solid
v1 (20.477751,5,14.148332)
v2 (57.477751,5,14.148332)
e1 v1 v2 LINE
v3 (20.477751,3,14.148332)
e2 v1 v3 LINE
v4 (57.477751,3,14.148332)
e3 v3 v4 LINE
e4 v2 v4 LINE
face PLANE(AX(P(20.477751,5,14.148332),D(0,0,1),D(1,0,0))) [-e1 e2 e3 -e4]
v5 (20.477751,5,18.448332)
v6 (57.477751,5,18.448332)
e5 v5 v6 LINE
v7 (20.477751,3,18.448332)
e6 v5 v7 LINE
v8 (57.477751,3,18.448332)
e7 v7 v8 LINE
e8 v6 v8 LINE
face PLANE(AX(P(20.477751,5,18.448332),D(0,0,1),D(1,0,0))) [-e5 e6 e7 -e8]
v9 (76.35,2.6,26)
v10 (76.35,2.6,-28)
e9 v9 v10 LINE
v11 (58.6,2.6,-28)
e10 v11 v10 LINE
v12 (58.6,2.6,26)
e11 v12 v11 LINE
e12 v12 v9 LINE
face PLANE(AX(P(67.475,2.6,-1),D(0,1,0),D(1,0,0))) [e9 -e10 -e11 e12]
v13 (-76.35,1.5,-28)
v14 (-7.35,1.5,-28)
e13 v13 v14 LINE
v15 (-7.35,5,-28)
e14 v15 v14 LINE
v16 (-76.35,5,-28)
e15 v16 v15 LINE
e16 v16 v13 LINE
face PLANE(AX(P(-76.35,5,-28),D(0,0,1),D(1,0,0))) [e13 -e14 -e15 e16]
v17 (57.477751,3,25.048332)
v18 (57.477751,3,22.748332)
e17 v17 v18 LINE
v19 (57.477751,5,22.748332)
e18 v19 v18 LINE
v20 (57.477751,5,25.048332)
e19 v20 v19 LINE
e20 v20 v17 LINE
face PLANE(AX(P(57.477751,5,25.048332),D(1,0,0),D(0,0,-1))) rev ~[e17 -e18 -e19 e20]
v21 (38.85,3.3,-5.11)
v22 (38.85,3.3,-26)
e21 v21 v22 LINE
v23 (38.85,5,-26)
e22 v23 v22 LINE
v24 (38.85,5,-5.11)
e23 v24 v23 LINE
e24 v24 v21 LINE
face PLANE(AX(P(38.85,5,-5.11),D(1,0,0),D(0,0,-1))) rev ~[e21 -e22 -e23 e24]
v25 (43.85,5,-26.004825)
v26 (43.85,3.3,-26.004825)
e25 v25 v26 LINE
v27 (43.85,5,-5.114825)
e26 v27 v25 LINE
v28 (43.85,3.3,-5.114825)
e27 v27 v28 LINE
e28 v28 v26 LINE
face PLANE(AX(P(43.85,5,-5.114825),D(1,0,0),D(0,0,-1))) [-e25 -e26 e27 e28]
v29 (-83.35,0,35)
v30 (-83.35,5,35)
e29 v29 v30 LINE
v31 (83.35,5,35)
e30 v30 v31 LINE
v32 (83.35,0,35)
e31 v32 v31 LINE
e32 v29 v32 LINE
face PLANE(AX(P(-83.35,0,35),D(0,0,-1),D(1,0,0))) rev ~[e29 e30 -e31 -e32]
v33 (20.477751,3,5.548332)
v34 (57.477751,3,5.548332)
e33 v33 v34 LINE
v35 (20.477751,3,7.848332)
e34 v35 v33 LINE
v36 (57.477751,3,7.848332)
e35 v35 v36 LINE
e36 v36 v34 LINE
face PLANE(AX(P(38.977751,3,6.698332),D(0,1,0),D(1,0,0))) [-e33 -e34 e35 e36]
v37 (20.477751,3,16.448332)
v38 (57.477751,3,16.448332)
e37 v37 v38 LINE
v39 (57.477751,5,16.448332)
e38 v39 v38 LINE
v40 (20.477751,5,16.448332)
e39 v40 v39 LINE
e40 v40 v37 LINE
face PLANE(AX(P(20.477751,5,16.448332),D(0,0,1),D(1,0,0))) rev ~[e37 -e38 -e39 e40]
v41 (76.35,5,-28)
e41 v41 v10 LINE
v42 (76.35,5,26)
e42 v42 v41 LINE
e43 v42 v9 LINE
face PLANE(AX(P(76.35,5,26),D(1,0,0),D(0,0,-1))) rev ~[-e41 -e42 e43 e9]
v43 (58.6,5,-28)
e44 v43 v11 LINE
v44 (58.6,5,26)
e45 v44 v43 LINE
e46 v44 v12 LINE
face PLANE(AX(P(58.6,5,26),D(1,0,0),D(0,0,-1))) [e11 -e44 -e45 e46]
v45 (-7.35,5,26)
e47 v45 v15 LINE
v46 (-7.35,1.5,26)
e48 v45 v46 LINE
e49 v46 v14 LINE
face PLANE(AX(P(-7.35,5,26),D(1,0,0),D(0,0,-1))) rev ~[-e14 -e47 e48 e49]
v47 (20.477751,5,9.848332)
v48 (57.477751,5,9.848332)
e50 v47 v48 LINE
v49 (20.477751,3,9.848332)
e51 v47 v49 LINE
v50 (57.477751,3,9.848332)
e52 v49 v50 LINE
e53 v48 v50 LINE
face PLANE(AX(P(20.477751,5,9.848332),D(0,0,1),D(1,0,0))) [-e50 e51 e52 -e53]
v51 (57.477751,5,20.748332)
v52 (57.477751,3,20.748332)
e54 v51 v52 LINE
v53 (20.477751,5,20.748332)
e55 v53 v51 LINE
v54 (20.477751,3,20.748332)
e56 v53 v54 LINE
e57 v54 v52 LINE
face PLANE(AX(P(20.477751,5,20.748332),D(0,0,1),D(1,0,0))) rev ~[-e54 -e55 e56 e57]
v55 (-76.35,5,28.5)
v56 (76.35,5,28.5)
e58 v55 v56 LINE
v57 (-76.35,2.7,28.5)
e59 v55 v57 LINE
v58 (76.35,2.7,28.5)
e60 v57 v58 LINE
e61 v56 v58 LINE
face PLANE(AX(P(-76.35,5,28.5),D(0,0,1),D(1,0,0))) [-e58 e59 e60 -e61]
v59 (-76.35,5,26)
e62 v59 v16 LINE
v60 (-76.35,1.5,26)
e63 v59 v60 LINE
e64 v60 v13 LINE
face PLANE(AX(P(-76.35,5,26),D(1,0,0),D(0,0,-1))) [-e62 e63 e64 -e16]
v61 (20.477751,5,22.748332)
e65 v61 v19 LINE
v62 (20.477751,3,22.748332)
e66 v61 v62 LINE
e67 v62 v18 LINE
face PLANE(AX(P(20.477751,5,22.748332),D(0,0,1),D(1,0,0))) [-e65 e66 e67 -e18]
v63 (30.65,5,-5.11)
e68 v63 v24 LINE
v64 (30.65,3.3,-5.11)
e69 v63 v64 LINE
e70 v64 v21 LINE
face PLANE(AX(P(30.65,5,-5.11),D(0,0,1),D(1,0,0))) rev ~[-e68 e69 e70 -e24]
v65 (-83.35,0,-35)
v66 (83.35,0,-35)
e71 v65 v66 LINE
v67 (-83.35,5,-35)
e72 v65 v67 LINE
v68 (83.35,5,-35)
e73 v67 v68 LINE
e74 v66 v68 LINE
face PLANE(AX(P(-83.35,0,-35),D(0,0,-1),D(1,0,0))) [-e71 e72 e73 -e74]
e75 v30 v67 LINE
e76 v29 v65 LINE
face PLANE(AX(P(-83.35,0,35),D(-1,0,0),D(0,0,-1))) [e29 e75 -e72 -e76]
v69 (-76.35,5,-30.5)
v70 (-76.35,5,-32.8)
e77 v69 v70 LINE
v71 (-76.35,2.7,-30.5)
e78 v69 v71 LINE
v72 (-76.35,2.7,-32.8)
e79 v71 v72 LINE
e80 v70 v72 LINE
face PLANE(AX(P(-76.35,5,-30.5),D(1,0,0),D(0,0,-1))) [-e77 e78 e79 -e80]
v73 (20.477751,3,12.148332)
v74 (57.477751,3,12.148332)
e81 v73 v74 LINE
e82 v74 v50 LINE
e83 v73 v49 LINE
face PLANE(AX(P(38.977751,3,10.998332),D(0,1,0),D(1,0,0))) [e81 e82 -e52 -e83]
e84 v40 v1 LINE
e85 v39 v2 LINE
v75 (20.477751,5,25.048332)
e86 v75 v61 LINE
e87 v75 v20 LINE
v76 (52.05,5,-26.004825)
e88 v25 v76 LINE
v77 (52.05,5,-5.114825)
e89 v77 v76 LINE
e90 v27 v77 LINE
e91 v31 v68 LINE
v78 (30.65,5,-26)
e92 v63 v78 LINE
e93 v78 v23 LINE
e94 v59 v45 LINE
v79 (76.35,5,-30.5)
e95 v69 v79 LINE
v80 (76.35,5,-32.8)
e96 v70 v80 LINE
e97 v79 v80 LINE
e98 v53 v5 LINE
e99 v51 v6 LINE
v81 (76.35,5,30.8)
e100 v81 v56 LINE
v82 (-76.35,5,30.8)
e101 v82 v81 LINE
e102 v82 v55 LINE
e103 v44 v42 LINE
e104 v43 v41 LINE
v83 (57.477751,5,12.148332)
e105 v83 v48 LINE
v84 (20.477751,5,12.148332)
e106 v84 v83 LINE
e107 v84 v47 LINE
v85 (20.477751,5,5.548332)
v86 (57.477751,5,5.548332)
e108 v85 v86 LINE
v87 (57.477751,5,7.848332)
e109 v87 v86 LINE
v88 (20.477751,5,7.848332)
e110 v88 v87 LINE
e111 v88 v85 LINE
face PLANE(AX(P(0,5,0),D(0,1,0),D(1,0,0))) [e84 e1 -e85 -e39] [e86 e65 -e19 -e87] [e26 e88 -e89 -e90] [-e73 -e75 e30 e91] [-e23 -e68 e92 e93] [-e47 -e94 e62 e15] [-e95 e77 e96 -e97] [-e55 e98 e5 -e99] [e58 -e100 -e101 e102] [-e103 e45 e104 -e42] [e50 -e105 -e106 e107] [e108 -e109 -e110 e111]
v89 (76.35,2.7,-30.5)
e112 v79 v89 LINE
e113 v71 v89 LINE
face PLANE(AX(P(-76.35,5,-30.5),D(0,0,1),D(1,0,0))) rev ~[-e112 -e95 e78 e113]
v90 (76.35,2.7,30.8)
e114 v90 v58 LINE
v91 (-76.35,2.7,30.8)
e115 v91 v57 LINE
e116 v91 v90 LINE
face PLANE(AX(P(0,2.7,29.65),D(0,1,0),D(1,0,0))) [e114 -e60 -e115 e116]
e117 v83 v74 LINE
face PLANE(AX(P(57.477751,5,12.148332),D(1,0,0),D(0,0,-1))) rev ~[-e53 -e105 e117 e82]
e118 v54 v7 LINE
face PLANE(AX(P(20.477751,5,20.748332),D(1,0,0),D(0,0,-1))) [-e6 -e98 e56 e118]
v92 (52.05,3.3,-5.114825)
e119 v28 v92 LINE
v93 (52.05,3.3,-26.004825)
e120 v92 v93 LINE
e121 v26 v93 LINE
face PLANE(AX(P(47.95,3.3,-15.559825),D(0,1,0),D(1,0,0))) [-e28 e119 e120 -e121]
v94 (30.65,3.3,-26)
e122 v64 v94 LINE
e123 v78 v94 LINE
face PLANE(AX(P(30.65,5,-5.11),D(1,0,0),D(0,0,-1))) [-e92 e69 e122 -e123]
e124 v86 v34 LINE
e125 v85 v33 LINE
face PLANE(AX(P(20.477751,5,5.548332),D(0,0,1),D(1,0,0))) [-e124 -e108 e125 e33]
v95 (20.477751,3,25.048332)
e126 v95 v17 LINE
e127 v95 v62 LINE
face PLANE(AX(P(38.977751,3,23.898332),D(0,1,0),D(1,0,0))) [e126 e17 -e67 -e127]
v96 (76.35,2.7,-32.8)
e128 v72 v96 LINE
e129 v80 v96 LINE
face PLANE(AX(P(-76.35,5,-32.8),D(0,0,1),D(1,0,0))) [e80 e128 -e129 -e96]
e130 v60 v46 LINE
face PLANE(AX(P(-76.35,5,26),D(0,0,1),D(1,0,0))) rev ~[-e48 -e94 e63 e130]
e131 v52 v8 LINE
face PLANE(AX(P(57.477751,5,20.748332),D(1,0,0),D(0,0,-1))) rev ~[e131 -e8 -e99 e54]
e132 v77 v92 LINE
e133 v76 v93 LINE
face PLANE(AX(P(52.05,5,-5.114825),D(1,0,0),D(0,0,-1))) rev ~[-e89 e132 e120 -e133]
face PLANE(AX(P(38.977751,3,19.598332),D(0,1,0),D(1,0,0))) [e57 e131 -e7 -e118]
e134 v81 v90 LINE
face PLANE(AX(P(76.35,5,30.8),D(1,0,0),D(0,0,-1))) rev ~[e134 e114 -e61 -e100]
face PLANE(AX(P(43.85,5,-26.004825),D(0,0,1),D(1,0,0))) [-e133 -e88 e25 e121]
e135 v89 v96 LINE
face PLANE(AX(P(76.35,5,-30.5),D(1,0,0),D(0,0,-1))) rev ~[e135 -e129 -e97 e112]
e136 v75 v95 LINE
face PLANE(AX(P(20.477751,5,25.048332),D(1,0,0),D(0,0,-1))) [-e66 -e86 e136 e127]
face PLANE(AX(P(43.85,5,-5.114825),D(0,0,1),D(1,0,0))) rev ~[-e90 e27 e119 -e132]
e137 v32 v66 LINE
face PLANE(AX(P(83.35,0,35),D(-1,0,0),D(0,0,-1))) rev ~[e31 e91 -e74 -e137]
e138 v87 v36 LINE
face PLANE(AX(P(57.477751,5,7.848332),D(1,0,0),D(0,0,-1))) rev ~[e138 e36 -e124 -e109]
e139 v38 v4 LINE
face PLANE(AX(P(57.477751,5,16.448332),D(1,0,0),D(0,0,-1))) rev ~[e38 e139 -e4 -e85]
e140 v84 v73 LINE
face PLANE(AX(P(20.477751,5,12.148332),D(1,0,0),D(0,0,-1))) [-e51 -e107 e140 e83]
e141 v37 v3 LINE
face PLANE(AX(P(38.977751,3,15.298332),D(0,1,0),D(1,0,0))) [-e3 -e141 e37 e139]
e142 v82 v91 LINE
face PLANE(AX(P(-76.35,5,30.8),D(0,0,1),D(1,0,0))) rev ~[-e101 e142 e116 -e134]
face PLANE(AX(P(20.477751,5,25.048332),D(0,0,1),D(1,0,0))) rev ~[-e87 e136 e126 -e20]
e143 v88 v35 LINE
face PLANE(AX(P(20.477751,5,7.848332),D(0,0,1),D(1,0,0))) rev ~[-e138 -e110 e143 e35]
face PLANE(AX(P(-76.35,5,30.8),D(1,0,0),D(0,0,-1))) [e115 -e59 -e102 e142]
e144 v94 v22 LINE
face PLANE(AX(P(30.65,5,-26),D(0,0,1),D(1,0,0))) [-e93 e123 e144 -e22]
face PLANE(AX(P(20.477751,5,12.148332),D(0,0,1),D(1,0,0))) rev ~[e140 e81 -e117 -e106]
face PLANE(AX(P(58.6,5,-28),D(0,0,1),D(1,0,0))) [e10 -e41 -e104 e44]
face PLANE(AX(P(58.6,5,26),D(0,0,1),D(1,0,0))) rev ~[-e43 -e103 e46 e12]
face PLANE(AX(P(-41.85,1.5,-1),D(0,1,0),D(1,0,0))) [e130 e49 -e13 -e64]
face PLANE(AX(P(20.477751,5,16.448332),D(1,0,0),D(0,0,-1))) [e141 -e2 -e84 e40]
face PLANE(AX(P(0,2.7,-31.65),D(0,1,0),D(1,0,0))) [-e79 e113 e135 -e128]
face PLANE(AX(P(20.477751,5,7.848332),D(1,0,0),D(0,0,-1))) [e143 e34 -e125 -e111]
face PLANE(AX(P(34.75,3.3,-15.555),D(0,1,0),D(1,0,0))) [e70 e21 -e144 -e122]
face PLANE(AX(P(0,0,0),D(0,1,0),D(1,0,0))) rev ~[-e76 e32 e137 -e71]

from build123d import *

# Parameters (mm, degrees)
SKETCH1_W           = 166.7
SKETCH1_H           = 70
BOSS_EXTRUDE2_DEPTH = 5
SKETCH2_W           = 69
SKETCH2_H           = 54
CUT_EXTRUDE1_DEPTH  = 3.5
SKETCH4_W           = 8.2
SKETCH4_H           = 20.89
CUT_EXTRUDE3_DEPTH  = 1.7
SKETCH3_W           = 17.75
SKETCH3_H           = 54
CUT_EXTRUDE4_DEPTH  = 2.4
SKETCH5_W           = 152.7
SKETCH5_H           = 2.3
CUT_EXTRUDE5_DEPTH  = 2.3
SKETCH6_W           = 37
SKETCH6_H           = 2.3
CUT_EXTRUDE7_DEPTH  = 2


with BuildPart() as part:
    # Sketch1 → Boss-Extrude2 (new body)
    with BuildSketch(Plane(origin=(0, 0, 0), x_dir=(1, 0, 0), z_dir=(0, 1, 0))):
        Rectangle(SKETCH1_W, SKETCH1_H)
    extrude(amount=BOSS_EXTRUDE2_DEPTH)

    # Sketch2 → Cut-Extrude1 (cut)
    with BuildSketch(Plane(origin=(0, 5, 0), x_dir=(1, 0, 0), z_dir=(0, 1, 0))):
        with Locations((-41.85, 1)):
            Rectangle(SKETCH2_W, SKETCH2_H)
    extrude(amount=-CUT_EXTRUDE1_DEPTH, mode=Mode.SUBTRACT)

    # Sketch4 → Cut-Extrude3 (cut)
    with BuildSketch(Plane(origin=(0, 5, 0), x_dir=(1, 0, 0), z_dir=(0, 1, 0))):
        with Locations((34.75, 15.555)):
            Rectangle(SKETCH4_W, SKETCH4_H)
        with Locations((47.95, 15.559824889)):
            Rectangle(SKETCH4_W, SKETCH4_H)
    extrude(amount=-CUT_EXTRUDE3_DEPTH, mode=Mode.SUBTRACT)

    # Sketch3 → Cut-Extrude4 (cut)
    with BuildSketch(Plane(origin=(0, 5, 0), x_dir=(1, 0, 0), z_dir=(0, 1, 0))):
        with Locations((67.475, 1)):
            Rectangle(SKETCH3_W, SKETCH3_H)
    extrude(amount=-CUT_EXTRUDE4_DEPTH, mode=Mode.SUBTRACT)

    # Sketch5 → Cut-Extrude5 (cut)
    with BuildSketch(Plane(origin=(0, 5, 0), x_dir=(1, 0, 0), z_dir=(0, 1, 0))):
        with Locations((0, -29.65)):
            Rectangle(SKETCH5_W, SKETCH5_H)
        with Locations((0, 31.65)):
            Rectangle(SKETCH5_W, SKETCH5_H)
    extrude(amount=-CUT_EXTRUDE5_DEPTH, mode=Mode.SUBTRACT)

    # Sketch6 → Cut-Extrude7 (cut)
    with BuildSketch(Plane(origin=(0, 5, 0), x_dir=(1, 0, 0), z_dir=(0, 1, 0))):
        with Locations((38.977751303, -19.59833207)):
            Rectangle(SKETCH6_W, SKETCH6_H)
        with Locations((38.977751303, -15.29833207)):
            Rectangle(SKETCH6_W, SKETCH6_H)
        with Locations((38.977751303, -10.99833207)):
            Rectangle(SKETCH6_W, SKETCH6_H)
        with Locations((38.977751303, -6.69833207)):
            Rectangle(SKETCH6_W, SKETCH6_H)
        with Locations((38.977751303, -23.89833207)):
            Rectangle(SKETCH6_W, SKETCH6_H)
    extrude(amount=-CUT_EXTRUDE7_DEPTH, mode=Mode.SUBTRACT)


solid = part.part
